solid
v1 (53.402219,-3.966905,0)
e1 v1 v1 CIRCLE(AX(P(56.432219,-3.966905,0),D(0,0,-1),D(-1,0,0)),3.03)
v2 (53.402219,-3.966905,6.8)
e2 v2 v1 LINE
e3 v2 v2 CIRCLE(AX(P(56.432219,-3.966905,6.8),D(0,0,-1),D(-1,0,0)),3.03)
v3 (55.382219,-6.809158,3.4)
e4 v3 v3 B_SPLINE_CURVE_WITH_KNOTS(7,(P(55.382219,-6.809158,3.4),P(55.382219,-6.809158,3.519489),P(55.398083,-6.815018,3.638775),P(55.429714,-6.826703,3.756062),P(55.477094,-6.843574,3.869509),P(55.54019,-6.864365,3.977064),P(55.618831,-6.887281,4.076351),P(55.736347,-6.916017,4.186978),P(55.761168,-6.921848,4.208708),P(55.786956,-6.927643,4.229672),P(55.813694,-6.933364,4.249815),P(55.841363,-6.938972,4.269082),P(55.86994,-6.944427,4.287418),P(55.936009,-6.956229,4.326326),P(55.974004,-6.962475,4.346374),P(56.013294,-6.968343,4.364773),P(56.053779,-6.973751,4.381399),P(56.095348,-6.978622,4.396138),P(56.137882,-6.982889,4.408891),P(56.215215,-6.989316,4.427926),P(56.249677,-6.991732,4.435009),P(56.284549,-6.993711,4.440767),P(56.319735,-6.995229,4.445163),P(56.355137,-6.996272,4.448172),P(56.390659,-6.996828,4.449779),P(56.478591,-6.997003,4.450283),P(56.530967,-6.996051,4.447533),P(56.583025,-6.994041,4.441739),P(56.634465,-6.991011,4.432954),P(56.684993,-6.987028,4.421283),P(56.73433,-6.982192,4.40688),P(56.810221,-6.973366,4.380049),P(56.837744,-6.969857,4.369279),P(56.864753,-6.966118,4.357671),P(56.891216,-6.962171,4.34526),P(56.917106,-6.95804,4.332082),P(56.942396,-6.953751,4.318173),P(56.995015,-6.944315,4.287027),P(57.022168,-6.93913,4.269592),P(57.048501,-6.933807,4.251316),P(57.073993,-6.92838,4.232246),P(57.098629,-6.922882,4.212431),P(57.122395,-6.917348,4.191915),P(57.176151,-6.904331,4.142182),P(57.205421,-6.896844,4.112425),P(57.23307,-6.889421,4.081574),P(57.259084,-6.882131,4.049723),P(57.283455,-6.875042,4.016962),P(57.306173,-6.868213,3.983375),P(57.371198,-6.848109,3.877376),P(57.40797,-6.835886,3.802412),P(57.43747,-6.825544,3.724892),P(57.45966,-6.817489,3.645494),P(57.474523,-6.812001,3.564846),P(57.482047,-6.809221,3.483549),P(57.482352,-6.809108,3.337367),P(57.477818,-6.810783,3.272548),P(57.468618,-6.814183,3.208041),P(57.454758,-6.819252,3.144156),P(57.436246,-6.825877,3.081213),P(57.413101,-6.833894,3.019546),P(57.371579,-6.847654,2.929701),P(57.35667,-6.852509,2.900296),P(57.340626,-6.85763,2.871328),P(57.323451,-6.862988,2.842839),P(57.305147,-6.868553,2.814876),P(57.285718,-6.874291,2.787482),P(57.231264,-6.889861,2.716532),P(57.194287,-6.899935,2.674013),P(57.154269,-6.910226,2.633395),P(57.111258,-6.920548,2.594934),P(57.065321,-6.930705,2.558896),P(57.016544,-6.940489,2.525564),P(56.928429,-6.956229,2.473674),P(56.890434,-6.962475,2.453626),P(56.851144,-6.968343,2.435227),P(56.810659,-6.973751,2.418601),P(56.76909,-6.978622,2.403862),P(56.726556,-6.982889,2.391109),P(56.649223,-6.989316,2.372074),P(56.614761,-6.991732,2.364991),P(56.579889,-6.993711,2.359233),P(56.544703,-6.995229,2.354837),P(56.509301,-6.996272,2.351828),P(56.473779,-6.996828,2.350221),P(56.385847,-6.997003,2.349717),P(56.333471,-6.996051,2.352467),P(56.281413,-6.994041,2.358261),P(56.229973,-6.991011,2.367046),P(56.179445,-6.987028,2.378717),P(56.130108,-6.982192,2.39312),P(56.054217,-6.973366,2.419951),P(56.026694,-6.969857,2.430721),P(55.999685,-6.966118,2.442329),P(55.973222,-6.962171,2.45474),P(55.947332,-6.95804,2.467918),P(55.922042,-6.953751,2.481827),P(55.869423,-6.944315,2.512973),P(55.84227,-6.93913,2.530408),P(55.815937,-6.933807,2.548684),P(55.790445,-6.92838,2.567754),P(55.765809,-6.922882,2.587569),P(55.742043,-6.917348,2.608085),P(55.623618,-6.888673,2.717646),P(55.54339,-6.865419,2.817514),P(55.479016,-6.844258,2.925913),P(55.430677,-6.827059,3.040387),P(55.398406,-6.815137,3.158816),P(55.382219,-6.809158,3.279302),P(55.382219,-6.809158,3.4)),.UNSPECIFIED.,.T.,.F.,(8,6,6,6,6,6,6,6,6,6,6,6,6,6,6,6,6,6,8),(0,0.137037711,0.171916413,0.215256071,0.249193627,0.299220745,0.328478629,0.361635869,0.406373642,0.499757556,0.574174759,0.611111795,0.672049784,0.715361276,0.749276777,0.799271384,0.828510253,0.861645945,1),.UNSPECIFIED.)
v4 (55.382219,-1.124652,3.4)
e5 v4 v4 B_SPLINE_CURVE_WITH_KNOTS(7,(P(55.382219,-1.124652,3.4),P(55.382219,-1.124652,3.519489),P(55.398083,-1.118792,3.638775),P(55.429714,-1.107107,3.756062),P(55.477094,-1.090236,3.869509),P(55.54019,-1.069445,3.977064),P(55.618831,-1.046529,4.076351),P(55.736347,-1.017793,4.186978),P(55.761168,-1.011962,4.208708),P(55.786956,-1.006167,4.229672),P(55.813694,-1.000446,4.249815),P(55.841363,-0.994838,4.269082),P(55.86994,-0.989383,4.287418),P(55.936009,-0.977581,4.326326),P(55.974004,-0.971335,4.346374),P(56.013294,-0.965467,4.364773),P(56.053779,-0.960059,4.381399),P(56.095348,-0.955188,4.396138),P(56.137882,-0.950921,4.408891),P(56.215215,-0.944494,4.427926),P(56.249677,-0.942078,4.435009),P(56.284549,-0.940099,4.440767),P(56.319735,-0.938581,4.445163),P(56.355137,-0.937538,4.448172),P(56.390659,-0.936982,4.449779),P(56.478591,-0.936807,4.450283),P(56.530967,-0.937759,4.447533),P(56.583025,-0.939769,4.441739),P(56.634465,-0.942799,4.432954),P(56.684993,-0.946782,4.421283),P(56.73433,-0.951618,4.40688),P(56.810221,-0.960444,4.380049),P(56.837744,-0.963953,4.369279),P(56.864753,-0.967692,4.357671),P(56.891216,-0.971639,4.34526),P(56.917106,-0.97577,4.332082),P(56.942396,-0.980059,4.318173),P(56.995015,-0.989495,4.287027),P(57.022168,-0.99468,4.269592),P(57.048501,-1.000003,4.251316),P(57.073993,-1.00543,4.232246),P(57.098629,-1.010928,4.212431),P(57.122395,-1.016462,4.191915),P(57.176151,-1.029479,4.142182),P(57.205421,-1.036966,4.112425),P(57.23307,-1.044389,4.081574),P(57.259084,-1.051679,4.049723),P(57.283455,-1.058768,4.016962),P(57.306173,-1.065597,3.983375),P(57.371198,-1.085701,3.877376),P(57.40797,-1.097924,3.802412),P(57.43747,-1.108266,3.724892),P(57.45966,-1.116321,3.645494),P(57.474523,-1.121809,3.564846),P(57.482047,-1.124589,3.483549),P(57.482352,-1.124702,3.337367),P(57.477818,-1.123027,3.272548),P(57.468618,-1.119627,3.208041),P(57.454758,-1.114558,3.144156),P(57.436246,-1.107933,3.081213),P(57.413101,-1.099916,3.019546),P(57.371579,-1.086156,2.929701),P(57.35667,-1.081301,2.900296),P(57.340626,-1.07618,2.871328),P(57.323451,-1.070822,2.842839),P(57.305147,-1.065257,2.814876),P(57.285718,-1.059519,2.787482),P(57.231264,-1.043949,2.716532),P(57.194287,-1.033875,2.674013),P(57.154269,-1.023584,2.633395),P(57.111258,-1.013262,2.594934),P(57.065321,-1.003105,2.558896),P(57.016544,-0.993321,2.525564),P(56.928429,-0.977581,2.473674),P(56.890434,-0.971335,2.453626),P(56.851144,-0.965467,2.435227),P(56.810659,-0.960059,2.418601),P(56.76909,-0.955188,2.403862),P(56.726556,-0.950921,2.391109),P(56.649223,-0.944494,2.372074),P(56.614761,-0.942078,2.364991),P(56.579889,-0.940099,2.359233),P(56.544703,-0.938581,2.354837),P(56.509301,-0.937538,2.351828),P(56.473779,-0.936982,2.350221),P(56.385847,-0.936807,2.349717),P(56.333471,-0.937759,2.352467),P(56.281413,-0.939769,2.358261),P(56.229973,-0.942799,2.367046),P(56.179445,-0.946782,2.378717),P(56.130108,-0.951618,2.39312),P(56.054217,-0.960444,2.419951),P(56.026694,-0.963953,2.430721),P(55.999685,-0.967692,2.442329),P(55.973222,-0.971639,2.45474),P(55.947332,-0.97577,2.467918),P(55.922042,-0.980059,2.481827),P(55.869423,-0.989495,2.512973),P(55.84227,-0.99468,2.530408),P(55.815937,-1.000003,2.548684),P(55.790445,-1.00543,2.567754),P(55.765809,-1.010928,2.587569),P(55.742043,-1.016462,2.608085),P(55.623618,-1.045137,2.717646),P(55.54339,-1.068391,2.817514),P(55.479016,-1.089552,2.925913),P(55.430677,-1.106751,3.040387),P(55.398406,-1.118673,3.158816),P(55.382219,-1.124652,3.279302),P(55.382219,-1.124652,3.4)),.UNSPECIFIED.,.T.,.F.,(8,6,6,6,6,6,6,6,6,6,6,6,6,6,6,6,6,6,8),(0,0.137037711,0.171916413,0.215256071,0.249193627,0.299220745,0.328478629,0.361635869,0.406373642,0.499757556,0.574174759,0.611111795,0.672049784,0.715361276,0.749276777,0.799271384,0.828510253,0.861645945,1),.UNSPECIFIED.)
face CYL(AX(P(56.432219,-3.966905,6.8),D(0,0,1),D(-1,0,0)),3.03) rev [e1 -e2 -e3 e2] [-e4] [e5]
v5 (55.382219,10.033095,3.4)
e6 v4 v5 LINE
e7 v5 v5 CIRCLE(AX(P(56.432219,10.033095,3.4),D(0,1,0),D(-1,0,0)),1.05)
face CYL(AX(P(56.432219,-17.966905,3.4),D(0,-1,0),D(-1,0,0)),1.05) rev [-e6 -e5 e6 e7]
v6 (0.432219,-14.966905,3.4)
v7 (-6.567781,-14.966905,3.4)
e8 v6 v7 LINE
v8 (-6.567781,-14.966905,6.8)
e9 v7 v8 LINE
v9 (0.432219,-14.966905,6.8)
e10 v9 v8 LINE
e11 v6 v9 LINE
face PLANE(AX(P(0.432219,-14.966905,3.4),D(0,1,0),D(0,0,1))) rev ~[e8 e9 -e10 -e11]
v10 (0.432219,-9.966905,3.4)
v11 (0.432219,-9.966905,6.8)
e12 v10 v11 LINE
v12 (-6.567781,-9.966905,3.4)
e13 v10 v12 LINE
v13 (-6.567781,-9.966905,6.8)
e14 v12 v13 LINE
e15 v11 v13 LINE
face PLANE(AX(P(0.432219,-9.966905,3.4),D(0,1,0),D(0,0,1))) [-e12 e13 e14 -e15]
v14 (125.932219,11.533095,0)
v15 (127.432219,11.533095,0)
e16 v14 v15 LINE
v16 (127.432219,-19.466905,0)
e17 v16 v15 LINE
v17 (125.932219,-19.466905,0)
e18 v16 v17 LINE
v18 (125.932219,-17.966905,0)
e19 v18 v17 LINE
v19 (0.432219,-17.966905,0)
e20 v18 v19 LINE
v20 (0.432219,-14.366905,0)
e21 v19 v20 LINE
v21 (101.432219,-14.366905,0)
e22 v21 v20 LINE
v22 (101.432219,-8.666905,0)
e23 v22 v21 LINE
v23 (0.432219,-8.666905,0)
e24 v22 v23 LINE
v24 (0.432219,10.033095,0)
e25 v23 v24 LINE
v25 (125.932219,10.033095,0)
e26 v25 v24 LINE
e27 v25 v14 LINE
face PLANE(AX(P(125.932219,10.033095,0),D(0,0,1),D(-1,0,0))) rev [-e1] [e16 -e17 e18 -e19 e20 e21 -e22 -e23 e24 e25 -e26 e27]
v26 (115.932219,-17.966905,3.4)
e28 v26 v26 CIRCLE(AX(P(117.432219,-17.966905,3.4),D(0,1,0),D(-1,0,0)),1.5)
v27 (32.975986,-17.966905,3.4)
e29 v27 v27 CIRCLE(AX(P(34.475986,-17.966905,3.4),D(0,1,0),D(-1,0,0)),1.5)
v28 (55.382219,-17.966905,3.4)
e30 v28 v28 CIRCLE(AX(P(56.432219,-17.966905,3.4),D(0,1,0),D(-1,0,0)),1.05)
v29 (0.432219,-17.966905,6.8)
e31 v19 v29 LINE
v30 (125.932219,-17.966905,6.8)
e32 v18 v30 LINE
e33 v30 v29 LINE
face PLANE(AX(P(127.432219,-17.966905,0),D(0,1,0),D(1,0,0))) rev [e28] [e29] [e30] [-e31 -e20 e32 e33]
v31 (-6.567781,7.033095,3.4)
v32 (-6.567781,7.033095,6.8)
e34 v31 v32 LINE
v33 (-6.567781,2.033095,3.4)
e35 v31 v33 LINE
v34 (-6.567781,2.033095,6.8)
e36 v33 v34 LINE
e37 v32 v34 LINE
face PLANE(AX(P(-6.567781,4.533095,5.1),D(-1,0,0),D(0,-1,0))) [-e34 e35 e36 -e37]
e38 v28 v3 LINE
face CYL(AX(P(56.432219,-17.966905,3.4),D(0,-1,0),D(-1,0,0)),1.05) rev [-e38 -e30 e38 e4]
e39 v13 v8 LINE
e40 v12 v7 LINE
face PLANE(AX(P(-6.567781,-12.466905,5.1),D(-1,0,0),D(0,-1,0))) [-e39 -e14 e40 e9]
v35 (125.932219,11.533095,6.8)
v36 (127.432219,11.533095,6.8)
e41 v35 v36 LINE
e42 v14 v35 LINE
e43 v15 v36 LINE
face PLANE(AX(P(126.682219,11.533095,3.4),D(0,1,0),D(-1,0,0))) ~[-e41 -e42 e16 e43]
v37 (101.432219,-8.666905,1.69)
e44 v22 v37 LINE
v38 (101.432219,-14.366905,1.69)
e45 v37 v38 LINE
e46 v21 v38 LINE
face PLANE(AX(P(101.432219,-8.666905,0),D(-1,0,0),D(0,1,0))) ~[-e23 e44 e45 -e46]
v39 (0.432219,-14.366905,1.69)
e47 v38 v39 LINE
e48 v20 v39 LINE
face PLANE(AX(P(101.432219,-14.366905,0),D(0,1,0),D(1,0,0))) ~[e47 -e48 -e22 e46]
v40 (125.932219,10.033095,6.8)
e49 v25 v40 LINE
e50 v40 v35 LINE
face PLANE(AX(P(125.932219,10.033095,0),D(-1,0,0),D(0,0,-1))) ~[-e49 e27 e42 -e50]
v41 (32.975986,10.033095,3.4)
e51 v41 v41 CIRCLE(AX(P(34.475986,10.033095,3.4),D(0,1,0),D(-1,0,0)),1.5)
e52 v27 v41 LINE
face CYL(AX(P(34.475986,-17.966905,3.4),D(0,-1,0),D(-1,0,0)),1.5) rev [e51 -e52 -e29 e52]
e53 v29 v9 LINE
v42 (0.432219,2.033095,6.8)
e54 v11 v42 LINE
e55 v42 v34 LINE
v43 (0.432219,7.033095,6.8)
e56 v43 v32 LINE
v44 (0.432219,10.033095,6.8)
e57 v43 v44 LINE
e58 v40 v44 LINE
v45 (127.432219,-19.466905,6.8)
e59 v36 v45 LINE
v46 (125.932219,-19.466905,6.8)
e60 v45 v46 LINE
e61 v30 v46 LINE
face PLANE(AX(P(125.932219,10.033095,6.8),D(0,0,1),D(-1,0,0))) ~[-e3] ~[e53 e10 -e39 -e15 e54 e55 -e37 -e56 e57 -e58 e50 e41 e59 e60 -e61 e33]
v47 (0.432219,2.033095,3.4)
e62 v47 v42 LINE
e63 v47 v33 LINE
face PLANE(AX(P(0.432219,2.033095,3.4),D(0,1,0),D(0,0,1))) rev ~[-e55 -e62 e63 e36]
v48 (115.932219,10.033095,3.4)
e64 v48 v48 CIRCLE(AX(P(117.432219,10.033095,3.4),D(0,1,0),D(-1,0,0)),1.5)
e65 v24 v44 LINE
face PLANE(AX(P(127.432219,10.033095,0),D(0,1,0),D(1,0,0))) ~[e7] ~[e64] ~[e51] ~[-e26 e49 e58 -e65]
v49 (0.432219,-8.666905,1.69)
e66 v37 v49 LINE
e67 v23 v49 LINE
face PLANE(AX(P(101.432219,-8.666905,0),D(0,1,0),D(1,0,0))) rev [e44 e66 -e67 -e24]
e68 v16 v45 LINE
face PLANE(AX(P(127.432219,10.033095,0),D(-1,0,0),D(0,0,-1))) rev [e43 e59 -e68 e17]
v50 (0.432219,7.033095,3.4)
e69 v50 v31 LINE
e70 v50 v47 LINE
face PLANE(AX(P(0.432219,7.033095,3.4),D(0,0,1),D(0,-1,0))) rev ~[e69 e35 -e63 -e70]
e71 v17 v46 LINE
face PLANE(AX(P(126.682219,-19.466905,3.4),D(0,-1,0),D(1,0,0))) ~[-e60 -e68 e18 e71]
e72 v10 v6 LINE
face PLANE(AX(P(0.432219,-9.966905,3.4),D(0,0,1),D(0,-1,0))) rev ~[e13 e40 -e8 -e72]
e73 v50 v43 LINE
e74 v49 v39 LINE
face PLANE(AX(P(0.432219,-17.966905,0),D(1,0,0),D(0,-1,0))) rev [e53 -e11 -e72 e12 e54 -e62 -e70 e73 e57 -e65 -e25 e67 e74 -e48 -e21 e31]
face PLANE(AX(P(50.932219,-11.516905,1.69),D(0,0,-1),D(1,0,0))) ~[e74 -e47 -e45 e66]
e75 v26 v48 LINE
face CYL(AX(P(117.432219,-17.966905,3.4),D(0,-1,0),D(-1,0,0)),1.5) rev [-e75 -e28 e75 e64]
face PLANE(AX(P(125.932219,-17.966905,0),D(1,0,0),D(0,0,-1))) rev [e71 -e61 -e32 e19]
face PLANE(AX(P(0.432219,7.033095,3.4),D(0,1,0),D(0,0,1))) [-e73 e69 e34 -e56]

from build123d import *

# Parameters (mm, degrees)
SKETCH015_W     = 127
SKETCH015_H     = 28
PAD006_DEPTH    = 6.8
SKETCH016_W     = 1.5
SKETCH016_H     = 6.8
PAD007_DEPTH    = 1.5
SKETCH017_W     = 1.5
SKETCH017_H     = 6.8
PAD008_DEPTH    = 1.5
SKETCH018_R     = 3.03
POCKET007_DEPTH = 6.801
SKETCH019_R     = 1.05
SKETCH019_R_2   = 1.5
POCKET008_DEPTH = 29.501
SKETCH020_W     = 101
SKETCH020_H     = 5.7
POCKET009_DEPTH = 1.69
SKETCH022_W     = 5
SKETCH022_H     = 3.4
PAD010_DEPTH    = 7


with BuildPart() as pocket009:
    # Sketch015 → Pad006 (new body)
    with BuildSketch(Plane.XY):
        with Locations((-63.932219, -3.966905)):
            Rectangle(SKETCH015_W, SKETCH015_H)
    extrude(amount=PAD006_DEPTH)

    # Sketch016 → Pad007 (new body)
    with BuildSketch(Plane.XZ.offset(17.966905)):
        with Locations((-126.682219, 3.4)):
            Rectangle(SKETCH016_W, SKETCH016_H)
    extrude(amount=PAD007_DEPTH)

    # Sketch017 → Pad008 (new body)
    with BuildSketch(Plane(origin=(0, 10.033095, 0), x_dir=(-1, 0, 0), z_dir=(0, 1, 0))):
        with Locations((126.682219, 3.4)):
            Rectangle(SKETCH017_W, SKETCH017_H)
    extrude(amount=PAD008_DEPTH)

    # Sketch018 → Pocket007 (cut, through all)
    with BuildSketch(Plane.XY.offset(6.8)):
        with Locations((-56.432219, -3.966905)):
            Circle(SKETCH018_R)
    extrude(amount=-POCKET007_DEPTH, mode=Mode.SUBTRACT)

    # Sketch019 → Pocket008 (cut, through all)
    with BuildSketch(Plane.XZ.offset(17.966905)):
        with Locations((-56.432219, 3.4)):
            Circle(SKETCH019_R)
        with Locations((-117.432219, 3.4)):
            Circle(SKETCH019_R_2)
        with Locations((-34.475986, 3.4)):
            Circle(SKETCH019_R_2)
    extrude(amount=-POCKET008_DEPTH, mode=Mode.SUBTRACT)

    # Sketch020 → Pocket009 (cut)
    with BuildSketch(Plane(origin=(0, 0, 0), x_dir=(1, 0, 0), z_dir=(0, 0, -1))):
        with Locations((-50.932219, 11.516905)):
            Rectangle(SKETCH020_W, SKETCH020_H)
    extrude(amount=-POCKET009_DEPTH, mode=Mode.SUBTRACT)


with BuildPart() as pad010:
    # Part__Mirroring: instance of Pocket009
    add(pocket009.part.mirror(Plane(origin=(0, 0, 0), x_dir=(0, -1, 0), z_dir=(1, 0, 0))))

    # Sketch022 → Pad010 (new body)
    with BuildSketch(Plane(origin=(0.432219, 0, 0), x_dir=(0, -1, 0), z_dir=(-1, 0, 0))):
        with Locations((-4.533095, 5.1)):
            Rectangle(SKETCH022_W, SKETCH022_H)
        with Locations((12.466905, 5.1)):
            Rectangle(SKETCH022_W, SKETCH022_H)
    extrude(amount=PAD010_DEPTH)


solid = pad010.part
